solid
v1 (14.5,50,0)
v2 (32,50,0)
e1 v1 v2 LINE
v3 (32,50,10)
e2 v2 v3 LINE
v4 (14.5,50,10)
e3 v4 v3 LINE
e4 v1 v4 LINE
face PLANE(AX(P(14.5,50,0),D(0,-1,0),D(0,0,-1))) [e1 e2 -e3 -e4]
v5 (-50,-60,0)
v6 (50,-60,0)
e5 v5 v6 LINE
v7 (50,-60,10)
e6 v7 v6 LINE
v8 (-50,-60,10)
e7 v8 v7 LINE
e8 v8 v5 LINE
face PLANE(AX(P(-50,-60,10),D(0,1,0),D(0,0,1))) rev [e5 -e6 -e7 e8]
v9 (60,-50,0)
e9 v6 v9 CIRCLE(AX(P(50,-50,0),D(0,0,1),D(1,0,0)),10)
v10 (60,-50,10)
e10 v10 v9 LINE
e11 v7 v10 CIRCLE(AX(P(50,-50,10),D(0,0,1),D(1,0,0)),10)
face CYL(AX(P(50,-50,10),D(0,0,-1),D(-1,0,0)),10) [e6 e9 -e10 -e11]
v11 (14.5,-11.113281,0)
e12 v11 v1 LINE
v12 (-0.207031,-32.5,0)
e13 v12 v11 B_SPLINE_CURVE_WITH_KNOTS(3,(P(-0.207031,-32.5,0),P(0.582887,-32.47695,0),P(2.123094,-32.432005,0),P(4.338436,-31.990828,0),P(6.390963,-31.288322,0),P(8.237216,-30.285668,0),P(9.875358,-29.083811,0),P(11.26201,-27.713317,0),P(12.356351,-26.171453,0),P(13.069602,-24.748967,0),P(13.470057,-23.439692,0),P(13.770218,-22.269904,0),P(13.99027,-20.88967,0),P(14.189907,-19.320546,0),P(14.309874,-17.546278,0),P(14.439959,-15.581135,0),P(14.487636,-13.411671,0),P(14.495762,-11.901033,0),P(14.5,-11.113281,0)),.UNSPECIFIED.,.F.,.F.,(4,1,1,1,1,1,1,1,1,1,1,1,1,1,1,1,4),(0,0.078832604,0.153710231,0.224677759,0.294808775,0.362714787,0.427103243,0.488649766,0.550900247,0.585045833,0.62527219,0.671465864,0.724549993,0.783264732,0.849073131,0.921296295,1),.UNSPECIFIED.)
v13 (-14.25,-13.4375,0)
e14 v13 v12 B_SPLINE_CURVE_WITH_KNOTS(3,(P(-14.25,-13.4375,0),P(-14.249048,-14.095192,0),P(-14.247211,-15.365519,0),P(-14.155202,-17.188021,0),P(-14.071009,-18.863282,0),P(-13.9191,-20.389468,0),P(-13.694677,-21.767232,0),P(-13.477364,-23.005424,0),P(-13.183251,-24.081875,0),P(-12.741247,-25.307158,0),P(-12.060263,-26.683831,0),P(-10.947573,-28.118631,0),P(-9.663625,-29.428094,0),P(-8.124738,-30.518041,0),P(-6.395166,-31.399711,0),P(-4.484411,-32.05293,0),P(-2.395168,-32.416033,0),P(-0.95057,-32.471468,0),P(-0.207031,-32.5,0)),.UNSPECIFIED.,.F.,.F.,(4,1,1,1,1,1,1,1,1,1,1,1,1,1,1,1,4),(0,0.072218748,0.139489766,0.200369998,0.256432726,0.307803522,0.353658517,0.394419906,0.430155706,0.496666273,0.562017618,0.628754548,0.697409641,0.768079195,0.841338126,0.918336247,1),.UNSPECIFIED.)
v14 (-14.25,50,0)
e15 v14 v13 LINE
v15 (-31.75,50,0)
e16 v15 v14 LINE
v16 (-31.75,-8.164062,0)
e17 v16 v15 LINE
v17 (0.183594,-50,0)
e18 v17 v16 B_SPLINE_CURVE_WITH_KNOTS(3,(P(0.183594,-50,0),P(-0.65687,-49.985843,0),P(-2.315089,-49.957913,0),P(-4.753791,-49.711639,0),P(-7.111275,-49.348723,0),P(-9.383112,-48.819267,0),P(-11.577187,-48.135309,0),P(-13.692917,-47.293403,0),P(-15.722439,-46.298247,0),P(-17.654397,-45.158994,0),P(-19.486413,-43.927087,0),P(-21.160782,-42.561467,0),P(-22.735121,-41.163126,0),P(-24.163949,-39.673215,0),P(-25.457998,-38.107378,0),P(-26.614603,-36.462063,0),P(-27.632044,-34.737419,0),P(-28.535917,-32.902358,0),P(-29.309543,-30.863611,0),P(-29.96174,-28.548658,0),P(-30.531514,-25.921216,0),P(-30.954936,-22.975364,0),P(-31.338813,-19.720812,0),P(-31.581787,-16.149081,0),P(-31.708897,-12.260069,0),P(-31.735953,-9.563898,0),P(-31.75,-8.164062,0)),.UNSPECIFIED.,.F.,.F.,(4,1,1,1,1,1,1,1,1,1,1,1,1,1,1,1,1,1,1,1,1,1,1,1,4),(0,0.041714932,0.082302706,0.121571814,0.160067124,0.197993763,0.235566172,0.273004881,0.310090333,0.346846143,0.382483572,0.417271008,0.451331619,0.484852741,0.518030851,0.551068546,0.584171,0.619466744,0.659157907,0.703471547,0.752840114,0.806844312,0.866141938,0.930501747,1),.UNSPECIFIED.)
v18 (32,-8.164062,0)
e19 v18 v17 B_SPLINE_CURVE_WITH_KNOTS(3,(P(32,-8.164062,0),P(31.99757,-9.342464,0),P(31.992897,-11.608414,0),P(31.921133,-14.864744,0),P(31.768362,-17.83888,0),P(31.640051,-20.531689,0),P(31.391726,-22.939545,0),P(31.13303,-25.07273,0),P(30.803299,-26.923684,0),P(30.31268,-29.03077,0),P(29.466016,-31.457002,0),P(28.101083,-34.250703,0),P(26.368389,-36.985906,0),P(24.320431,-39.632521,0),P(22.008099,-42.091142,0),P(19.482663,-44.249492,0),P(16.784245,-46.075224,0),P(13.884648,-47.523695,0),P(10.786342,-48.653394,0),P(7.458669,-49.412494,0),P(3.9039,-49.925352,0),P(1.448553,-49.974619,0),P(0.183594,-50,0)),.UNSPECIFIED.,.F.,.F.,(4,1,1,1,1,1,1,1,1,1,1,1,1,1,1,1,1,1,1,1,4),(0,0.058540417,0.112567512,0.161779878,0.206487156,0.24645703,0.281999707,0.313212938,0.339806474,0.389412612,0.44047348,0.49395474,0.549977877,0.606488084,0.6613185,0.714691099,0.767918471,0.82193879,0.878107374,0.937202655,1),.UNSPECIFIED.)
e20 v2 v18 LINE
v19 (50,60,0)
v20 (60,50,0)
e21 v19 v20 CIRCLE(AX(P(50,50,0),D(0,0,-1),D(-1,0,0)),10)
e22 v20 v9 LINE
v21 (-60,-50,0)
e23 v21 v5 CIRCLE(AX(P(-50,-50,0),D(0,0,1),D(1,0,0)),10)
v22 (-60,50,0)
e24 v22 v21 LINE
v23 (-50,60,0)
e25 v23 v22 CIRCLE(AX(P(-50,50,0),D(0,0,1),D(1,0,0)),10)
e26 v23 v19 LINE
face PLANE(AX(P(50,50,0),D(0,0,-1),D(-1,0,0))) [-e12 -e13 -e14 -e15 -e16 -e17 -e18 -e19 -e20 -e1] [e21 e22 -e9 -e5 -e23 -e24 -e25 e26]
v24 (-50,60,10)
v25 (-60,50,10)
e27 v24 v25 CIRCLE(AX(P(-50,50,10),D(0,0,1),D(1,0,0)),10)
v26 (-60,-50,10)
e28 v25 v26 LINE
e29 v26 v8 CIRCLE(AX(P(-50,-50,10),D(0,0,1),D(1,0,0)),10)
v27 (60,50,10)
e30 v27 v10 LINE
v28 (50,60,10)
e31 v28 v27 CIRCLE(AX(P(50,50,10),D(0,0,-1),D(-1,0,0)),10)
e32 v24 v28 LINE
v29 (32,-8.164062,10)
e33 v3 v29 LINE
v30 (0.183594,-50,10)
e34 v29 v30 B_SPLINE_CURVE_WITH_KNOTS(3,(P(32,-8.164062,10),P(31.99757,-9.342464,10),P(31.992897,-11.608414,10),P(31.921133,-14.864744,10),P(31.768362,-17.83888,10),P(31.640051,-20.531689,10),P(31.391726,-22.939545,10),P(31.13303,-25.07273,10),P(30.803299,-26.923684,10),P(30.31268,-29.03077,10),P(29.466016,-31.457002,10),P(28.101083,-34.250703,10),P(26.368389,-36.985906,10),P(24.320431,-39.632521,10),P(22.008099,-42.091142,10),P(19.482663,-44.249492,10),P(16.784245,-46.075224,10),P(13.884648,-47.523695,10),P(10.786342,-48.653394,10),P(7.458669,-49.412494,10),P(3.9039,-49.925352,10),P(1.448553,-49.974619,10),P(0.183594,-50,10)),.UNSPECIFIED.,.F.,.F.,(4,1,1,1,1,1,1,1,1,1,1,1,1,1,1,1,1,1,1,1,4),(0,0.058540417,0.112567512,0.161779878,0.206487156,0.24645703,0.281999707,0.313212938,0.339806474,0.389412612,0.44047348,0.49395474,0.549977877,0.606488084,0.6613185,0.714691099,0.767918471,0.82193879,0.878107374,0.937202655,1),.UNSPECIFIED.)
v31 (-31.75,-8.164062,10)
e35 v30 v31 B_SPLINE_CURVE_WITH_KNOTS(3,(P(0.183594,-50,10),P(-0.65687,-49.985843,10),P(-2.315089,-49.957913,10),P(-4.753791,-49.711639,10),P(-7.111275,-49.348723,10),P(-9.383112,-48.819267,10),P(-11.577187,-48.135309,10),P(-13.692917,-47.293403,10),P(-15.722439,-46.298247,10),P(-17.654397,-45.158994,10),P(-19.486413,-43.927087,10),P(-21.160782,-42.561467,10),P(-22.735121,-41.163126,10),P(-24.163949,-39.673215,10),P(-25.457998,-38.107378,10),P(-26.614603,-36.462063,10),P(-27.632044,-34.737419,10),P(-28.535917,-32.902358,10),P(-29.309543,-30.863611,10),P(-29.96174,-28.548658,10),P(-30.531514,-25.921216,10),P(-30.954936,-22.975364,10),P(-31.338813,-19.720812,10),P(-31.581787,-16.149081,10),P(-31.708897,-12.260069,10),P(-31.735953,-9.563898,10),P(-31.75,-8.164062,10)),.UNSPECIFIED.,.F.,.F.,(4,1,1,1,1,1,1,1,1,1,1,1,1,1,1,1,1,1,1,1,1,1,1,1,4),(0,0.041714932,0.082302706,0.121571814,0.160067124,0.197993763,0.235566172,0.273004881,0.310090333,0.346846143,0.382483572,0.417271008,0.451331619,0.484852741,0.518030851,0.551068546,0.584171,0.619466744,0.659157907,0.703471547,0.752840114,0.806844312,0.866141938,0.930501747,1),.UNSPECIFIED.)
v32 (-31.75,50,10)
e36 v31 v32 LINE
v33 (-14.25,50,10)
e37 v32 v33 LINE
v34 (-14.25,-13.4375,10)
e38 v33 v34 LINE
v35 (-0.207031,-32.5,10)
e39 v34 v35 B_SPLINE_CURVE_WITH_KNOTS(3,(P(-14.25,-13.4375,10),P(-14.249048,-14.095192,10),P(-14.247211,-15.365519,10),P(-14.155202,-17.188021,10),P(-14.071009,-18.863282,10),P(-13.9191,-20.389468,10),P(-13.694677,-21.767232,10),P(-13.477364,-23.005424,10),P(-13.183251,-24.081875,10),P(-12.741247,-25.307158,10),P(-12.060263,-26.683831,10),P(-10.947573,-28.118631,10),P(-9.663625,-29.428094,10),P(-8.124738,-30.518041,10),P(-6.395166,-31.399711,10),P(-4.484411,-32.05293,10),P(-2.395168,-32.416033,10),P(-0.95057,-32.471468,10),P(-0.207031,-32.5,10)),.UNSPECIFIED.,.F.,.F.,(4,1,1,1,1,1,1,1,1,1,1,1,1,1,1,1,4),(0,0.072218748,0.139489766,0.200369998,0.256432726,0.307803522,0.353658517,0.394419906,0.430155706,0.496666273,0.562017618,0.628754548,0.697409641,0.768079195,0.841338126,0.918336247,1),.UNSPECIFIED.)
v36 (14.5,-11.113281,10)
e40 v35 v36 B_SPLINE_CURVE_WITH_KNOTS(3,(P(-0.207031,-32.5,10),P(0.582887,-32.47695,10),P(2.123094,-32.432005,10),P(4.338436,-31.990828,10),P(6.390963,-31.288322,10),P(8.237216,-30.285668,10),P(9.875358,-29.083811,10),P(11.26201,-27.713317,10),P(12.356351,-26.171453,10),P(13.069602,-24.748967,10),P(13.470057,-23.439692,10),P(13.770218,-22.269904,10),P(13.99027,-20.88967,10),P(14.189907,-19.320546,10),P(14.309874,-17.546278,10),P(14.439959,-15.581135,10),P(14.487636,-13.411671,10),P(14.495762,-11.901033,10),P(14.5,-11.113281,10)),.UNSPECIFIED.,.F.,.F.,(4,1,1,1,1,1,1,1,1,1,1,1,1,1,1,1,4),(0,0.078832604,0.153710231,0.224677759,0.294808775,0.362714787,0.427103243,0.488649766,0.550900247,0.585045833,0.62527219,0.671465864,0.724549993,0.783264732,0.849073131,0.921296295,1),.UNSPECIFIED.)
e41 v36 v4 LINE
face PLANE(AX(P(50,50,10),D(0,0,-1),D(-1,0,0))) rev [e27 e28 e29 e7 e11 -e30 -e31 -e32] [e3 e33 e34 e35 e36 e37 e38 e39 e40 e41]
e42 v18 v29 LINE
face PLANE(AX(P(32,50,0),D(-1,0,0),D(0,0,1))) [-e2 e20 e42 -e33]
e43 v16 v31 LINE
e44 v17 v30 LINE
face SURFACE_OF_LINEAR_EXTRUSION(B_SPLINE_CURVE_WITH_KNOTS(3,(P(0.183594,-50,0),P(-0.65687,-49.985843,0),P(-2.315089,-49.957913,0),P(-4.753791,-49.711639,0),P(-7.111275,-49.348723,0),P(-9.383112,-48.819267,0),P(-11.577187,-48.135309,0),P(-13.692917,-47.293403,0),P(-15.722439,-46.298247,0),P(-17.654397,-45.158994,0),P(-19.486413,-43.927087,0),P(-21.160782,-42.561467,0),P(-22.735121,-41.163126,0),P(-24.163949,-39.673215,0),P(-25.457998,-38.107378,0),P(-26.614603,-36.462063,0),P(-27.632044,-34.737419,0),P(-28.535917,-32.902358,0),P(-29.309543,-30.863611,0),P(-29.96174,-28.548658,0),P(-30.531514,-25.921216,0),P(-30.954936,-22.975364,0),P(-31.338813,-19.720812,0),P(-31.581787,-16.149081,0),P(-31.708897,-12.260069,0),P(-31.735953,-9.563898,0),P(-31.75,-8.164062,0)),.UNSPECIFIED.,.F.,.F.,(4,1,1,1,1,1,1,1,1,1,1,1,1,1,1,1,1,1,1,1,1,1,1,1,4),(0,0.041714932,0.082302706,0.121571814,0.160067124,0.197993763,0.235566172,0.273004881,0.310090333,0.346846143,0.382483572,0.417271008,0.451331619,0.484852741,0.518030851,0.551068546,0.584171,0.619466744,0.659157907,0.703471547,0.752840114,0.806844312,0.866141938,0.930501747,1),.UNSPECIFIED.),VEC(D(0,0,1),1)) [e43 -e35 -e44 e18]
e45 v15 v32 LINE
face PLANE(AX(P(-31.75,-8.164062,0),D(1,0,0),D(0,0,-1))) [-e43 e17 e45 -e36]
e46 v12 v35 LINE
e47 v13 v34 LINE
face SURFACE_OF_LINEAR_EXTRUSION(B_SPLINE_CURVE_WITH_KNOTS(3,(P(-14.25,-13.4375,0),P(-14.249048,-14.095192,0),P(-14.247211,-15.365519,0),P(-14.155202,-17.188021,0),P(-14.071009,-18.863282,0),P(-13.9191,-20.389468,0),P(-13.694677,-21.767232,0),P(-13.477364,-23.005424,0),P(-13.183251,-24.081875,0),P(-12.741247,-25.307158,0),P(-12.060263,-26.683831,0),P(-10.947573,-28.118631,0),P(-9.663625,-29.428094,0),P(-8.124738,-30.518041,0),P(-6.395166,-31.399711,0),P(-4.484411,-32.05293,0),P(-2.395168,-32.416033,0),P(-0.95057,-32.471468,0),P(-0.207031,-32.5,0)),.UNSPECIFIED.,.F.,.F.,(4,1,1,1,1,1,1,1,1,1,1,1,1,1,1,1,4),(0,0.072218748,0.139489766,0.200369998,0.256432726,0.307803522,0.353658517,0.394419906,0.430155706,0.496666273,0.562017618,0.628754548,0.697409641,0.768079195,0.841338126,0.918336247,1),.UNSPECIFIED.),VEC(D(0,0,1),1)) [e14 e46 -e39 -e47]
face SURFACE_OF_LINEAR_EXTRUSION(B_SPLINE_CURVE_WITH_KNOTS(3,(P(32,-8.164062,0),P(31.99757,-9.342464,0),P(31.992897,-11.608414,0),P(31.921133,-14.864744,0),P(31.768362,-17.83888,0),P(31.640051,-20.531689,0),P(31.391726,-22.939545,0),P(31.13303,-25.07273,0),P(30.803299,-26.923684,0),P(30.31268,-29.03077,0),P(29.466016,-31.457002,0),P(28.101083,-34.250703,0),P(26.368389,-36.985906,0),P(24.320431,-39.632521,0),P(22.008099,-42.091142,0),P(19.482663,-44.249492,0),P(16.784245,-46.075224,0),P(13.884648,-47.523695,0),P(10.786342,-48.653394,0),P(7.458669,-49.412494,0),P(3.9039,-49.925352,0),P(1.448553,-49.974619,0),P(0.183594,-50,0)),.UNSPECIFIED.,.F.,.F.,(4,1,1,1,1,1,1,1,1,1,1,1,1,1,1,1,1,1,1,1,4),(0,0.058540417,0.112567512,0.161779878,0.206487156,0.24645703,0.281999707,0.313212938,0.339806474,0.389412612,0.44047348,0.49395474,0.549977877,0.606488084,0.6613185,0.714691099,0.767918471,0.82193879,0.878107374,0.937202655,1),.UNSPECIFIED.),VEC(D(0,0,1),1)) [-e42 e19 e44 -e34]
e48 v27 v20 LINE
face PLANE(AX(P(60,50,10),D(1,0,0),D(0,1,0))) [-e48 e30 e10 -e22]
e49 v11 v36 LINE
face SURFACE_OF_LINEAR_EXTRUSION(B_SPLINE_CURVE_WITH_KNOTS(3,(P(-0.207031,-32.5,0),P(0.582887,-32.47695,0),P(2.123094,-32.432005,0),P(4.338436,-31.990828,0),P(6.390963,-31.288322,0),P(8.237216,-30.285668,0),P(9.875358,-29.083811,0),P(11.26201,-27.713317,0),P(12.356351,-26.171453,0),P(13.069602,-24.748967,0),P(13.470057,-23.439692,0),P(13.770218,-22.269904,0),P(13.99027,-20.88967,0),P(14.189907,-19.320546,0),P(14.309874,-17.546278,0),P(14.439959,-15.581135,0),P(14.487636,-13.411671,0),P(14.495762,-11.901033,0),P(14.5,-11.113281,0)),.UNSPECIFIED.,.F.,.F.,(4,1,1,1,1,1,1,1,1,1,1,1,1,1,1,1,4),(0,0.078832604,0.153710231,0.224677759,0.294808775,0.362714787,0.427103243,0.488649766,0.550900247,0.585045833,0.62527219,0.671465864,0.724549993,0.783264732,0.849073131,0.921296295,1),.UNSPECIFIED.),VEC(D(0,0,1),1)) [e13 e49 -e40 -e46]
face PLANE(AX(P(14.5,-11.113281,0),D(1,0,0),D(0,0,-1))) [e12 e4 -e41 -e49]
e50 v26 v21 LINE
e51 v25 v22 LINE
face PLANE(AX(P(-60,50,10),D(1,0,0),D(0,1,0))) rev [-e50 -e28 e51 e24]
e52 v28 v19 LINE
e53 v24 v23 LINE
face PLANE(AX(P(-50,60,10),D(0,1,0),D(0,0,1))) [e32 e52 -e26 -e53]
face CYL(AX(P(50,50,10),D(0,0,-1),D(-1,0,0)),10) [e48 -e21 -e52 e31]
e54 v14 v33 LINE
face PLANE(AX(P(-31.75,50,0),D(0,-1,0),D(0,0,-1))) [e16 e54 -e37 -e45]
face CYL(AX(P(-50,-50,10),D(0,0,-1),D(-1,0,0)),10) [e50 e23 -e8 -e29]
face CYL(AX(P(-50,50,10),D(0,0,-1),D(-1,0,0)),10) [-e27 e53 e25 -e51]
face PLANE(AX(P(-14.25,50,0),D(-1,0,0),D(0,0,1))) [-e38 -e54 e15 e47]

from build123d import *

# Parameters (mm, degrees)
BOSS_EXTRUDE1_DEPTH = 10
CUT_EXTRUDE34_DEPTH = 10


with BuildPart() as part:
    # Sketch1 → Boss-Extrude1 (new body)
    with BuildSketch(Plane.XY):
        with BuildLine():
            Line((-50, 60), (50, 60))
            ThreePointArc((50, 60), (57.071067812, 57.071067812), (60, 50))
            Line((60, 50), (60, -50))
            ThreePointArc((60, -50), (57.071067812, -57.071067812), (50, -60))
            Line((50, -60), (-50, -60))
            ThreePointArc((-50, -60), (-57.071067812, -57.071067812), (-60, -50))
            Line((-60, -50), (-60, 50))
            ThreePointArc((-60, 50), (-57.071067812, 57.071067812), (-50, 60))
        make_face()
    extrude(amount=BOSS_EXTRUDE1_DEPTH)

    # Sketch2 → Cut-Extrude34 (cut)
    with BuildSketch(Plane.XY.offset(10)):
        with BuildLine():
            Line((-31.75, 50), (-14.25, 50))
            Line((-14.25, 50), (-14.25, -13.4375))
            add(Edge.make_bspline(
                [(-14.25, -13.4375), (-14.249048436, -14.095192485), (-14.247210501, -15.365518725), (-14.155202495, -17.18802097), (-14.071008825, -18.863282124), (-13.919099547, -20.389468135), (-13.694677475, -21.767231851), (-13.477363681, -23.005423537), (-13.183250949, -24.081874769), (-12.741246534, -25.307158094), (-12.060262829, -26.683830835), (-10.947573238, -28.118630748), (-9.663624637, -29.428093921), (-8.124738289, -30.518041453), (-6.395166126, -31.399710765), (-4.484411381, -32.052930153), (-2.395167537, -32.416033402), (-0.950570024, -32.471467764), (-0.20703125, -32.5)],
                knots=[0, 0, 0, 0, 1.155499968, 2.231836252, 3.205919964, 4.102923608, 4.924856345, 5.658536265, 6.31071849, 6.882491295, 7.94666036, 8.992281882, 10.060072772, 11.158554251, 12.289267114, 13.461410017, 14.693379945, 16, 16, 16, 16], degree=3))
            add(Edge.make_bspline(
                [(-0.20703125, -32.5), (0.58288694, -32.476949616), (2.123093674, -32.432005269), (4.338435864, -31.990827854), (6.390962967, -31.288322317), (8.237215984, -30.285667879), (9.875357596, -29.083810814), (11.262010144, -27.713317134), (12.356351241, -26.171453388), (13.069602054, -24.748966669), (13.470057261, -23.439691518), (13.770218387, -22.269903853), (13.990269699, -20.8896702), (14.189907481, -19.320545885), (14.309874409, -17.5462778), (14.439958985, -15.58113484), (14.487636189, -13.411670971), (14.495762421, -11.901032563), (14.5, -11.11328125)],
                knots=[0, 0, 0, 0, 1.261321664, 2.459363699, 3.594844139, 4.716940403, 5.803436589, 6.833651888, 7.818396249, 8.814403945, 9.360733334, 10.004355033, 10.743453831, 11.592799886, 12.532235708, 13.585170094, 14.740740724, 16, 16, 16, 16], degree=3))
            Line((14.5, -11.11328125), (14.5, 50))
            Line((14.5, 50), (32, 50))
            Line((32, 50), (32, -8.1640625))
            add(Edge.make_bspline(
                [(32, -8.1640625), (31.997569807, -9.342463626), (31.992896783, -11.608414067), (31.921133218, -14.86474431), (31.768361569, -17.838879649), (31.640051007, -20.531689117), (31.391726127, -22.939545056), (31.133029856, -25.072729698), (30.803299203, -26.923683518), (30.312679818, -29.030769504), (29.466016005, -31.45700185), (28.101082939, -34.250703218), (26.368388756, -36.985906082), (24.320430824, -39.632521321), (22.008098987, -42.091141586), (19.48266259, -44.249491939), (16.78424454, -46.075223595), (13.884648303, -47.523695215), (10.786341582, -48.653393883), (7.458668947, -49.412494488), (3.903899606, -49.925352385), (1.448553234, -49.974618698), (0.18359375, -50)],
                knots=[0, 0, 0, 0, 1.170808336, 2.251350247, 3.235597562, 4.129743112, 4.929140599, 5.639994148, 6.264258765, 6.79612947, 7.788252245, 8.809469599, 9.879094798, 10.999557536, 12.129761673, 13.226370002, 14.293821979, 15.358369427, 16.438775801, 17.562147481, 18.744053101, 20, 20, 20, 20], degree=3))
            add(Edge.make_bspline(
                [(0.18359375, -50), (-0.656870496, -49.98584349), (-2.315089212, -49.957912986), (-4.753790735, -49.711638896), (-7.111274811, -49.34872349), (-9.383111744, -48.819267286), (-11.577186656, -48.13530876), (-13.692916631, -47.293403446), (-15.722439107, -46.298247386), (-17.65439716, -45.158993863), (-19.486413351, -43.927087294), (-21.160781583, -42.561467005), (-22.735120796, -41.163125773), (-24.163948989, -39.673215464), (-25.457997932, -38.107377594), (-26.614602531, -36.462063463), (-27.632044456, -34.737419211), (-28.535916899, -32.902358231), (-29.309543493, -30.863610995), (-29.961739774, -28.548658425), (-30.531513794, -25.921215951), (-30.954936225, -22.975364085), (-31.338813488, -19.720812027), (-31.581786631, -16.149081171), (-31.708896819, -12.260069041), (-31.735952739, -9.563897555), (-31.75, -8.1640625)],
                knots=[0, 0, 0, 0, 1.001158378, 1.975264943, 2.917723546, 3.841610987, 4.75185031, 5.653588123, 6.552117133, 7.442167995, 8.324307438, 9.179605724, 10.014504199, 10.831958861, 11.636465792, 12.43274043, 13.225645099, 14.020104002, 14.867201867, 15.819789774, 16.883317127, 18.068162734, 19.364263498, 20.787406516, 22.332041935, 24, 24, 24, 24], degree=3))
            Line((-31.75, -8.1640625), (-31.75, 50))
        make_face()
    extrude(amount=-CUT_EXTRUDE34_DEPTH, mode=Mode.SUBTRACT)


solid = part.part
